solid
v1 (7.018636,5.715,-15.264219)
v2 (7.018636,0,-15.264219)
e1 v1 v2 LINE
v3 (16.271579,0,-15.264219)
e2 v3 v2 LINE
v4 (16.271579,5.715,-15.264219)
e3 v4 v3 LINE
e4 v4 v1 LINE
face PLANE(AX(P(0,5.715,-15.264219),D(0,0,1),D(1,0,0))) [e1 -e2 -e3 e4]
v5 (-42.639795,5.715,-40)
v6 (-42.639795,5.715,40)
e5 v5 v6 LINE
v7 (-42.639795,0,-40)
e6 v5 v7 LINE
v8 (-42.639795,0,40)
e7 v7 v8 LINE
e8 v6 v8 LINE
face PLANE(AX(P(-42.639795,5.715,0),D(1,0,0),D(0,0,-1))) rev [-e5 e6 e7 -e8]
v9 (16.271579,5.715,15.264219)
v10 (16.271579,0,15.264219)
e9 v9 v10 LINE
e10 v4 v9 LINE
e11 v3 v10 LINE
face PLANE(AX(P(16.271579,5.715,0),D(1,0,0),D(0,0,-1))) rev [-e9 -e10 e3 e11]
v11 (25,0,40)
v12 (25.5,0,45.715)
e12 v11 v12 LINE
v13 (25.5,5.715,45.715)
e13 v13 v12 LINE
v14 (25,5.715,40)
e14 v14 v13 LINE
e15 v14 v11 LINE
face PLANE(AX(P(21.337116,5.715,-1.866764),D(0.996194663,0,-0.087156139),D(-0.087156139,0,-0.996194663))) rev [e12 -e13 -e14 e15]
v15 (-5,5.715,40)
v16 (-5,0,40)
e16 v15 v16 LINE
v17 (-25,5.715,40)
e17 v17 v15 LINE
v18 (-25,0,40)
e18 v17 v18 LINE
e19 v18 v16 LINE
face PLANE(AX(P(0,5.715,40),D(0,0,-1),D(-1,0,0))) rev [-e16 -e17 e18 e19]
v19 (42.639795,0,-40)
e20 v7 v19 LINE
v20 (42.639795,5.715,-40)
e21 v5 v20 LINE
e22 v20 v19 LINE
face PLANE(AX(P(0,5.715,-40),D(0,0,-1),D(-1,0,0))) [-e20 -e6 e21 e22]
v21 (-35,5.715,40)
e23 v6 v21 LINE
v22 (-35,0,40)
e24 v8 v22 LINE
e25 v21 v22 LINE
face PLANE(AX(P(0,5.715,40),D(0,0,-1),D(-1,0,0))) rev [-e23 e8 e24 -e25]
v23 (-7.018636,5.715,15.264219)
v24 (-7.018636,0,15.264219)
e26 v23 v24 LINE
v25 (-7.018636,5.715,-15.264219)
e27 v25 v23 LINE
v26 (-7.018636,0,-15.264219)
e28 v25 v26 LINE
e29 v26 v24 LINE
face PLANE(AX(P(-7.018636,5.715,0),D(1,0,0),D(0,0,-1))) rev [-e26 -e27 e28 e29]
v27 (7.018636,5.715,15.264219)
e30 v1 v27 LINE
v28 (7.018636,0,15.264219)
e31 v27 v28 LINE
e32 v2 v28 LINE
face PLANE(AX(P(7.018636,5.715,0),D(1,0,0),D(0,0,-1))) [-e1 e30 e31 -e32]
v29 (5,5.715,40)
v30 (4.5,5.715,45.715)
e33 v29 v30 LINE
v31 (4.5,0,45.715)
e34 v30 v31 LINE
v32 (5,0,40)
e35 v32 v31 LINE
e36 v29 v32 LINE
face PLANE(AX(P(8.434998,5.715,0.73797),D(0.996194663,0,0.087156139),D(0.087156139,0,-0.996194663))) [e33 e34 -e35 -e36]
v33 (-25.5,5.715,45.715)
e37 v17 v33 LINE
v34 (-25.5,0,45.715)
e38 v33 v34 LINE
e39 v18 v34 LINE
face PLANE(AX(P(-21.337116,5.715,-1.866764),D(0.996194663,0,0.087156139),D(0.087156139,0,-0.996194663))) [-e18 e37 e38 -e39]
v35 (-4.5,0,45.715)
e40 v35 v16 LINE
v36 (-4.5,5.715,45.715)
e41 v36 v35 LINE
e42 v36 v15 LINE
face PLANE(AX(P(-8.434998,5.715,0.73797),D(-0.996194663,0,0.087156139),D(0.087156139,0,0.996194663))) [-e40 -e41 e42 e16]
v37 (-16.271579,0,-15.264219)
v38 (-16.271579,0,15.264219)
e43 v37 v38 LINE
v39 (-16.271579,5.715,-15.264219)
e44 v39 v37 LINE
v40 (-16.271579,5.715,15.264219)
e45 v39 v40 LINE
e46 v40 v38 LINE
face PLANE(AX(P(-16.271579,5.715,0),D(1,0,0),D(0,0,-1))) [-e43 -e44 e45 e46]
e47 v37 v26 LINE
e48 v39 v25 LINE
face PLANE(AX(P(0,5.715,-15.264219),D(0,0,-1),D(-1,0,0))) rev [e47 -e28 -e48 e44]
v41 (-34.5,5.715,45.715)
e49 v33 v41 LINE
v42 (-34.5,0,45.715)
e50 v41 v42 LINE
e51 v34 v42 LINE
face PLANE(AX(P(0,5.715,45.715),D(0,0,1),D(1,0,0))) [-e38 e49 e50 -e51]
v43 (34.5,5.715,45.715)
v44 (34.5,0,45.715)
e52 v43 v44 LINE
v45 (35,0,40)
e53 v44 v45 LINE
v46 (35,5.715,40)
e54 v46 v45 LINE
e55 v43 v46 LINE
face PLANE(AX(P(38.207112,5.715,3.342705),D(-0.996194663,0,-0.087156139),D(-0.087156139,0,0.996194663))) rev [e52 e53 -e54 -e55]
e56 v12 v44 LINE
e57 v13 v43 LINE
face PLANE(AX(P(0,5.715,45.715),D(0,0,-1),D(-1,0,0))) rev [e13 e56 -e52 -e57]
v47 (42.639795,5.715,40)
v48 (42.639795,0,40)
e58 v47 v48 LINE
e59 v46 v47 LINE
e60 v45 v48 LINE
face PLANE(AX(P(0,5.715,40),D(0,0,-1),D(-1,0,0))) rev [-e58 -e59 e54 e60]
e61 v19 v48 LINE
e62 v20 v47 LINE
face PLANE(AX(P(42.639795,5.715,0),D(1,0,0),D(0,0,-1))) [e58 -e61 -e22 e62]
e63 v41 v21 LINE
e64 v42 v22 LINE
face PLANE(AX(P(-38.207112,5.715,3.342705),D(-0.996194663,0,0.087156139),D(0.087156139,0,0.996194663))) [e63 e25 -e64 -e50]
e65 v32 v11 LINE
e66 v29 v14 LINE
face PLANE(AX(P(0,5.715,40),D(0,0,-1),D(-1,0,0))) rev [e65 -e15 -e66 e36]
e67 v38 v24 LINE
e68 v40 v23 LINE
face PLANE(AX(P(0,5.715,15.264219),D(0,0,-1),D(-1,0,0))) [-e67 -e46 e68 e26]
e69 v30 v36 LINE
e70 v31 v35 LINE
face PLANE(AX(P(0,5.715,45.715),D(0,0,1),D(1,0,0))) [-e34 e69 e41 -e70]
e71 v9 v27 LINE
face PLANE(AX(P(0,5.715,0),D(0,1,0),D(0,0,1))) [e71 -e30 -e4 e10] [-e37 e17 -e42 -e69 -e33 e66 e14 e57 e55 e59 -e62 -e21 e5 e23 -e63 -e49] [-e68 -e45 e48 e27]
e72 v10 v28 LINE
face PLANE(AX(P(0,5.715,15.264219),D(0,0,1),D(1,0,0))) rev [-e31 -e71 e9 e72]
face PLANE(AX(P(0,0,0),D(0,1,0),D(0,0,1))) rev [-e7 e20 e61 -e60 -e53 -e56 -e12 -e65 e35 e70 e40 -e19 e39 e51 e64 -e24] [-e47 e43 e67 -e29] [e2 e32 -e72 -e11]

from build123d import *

# Parameters (mm, degrees)
SKETCH2_W           = 85.279590556
SKETCH2_H           = 80
SKETCH2_W_2         = 9.25294304
SKETCH2_H_2         = 30.528437524
BOSS_EXTRUDE1_DEPTH = 5.715


with BuildPart() as part:
    # Sketch2 → Boss-Extrude1 (new body)
    with BuildSketch(Plane(origin=(0, 0, 0), x_dir=(1, 0, 0), z_dir=(0, 1, 0))):
        Rectangle(SKETCH2_W, SKETCH2_H)
        with Locations((-11.645107557, 0)):
            Rectangle(SKETCH2_W_2, SKETCH2_H_2, mode=Mode.SUBTRACT)
        with Locations((11.645107557, 0)):
            Rectangle(SKETCH2_W_2, SKETCH2_H_2, mode=Mode.SUBTRACT)
        Polygon((-25, -40), (-35, -40), (-34.5, -45.715), (-25.5, -45.715), align=None)
        Polygon((5, -40), (-5, -40), (-4.5, -45.715), (4.5, -45.715), align=None)
        Polygon((34.5, -45.715), (35, -40), (25, -40), (25.5, -45.715), align=None)
    extrude(amount=BOSS_EXTRUDE1_DEPTH)


solid = part.part
